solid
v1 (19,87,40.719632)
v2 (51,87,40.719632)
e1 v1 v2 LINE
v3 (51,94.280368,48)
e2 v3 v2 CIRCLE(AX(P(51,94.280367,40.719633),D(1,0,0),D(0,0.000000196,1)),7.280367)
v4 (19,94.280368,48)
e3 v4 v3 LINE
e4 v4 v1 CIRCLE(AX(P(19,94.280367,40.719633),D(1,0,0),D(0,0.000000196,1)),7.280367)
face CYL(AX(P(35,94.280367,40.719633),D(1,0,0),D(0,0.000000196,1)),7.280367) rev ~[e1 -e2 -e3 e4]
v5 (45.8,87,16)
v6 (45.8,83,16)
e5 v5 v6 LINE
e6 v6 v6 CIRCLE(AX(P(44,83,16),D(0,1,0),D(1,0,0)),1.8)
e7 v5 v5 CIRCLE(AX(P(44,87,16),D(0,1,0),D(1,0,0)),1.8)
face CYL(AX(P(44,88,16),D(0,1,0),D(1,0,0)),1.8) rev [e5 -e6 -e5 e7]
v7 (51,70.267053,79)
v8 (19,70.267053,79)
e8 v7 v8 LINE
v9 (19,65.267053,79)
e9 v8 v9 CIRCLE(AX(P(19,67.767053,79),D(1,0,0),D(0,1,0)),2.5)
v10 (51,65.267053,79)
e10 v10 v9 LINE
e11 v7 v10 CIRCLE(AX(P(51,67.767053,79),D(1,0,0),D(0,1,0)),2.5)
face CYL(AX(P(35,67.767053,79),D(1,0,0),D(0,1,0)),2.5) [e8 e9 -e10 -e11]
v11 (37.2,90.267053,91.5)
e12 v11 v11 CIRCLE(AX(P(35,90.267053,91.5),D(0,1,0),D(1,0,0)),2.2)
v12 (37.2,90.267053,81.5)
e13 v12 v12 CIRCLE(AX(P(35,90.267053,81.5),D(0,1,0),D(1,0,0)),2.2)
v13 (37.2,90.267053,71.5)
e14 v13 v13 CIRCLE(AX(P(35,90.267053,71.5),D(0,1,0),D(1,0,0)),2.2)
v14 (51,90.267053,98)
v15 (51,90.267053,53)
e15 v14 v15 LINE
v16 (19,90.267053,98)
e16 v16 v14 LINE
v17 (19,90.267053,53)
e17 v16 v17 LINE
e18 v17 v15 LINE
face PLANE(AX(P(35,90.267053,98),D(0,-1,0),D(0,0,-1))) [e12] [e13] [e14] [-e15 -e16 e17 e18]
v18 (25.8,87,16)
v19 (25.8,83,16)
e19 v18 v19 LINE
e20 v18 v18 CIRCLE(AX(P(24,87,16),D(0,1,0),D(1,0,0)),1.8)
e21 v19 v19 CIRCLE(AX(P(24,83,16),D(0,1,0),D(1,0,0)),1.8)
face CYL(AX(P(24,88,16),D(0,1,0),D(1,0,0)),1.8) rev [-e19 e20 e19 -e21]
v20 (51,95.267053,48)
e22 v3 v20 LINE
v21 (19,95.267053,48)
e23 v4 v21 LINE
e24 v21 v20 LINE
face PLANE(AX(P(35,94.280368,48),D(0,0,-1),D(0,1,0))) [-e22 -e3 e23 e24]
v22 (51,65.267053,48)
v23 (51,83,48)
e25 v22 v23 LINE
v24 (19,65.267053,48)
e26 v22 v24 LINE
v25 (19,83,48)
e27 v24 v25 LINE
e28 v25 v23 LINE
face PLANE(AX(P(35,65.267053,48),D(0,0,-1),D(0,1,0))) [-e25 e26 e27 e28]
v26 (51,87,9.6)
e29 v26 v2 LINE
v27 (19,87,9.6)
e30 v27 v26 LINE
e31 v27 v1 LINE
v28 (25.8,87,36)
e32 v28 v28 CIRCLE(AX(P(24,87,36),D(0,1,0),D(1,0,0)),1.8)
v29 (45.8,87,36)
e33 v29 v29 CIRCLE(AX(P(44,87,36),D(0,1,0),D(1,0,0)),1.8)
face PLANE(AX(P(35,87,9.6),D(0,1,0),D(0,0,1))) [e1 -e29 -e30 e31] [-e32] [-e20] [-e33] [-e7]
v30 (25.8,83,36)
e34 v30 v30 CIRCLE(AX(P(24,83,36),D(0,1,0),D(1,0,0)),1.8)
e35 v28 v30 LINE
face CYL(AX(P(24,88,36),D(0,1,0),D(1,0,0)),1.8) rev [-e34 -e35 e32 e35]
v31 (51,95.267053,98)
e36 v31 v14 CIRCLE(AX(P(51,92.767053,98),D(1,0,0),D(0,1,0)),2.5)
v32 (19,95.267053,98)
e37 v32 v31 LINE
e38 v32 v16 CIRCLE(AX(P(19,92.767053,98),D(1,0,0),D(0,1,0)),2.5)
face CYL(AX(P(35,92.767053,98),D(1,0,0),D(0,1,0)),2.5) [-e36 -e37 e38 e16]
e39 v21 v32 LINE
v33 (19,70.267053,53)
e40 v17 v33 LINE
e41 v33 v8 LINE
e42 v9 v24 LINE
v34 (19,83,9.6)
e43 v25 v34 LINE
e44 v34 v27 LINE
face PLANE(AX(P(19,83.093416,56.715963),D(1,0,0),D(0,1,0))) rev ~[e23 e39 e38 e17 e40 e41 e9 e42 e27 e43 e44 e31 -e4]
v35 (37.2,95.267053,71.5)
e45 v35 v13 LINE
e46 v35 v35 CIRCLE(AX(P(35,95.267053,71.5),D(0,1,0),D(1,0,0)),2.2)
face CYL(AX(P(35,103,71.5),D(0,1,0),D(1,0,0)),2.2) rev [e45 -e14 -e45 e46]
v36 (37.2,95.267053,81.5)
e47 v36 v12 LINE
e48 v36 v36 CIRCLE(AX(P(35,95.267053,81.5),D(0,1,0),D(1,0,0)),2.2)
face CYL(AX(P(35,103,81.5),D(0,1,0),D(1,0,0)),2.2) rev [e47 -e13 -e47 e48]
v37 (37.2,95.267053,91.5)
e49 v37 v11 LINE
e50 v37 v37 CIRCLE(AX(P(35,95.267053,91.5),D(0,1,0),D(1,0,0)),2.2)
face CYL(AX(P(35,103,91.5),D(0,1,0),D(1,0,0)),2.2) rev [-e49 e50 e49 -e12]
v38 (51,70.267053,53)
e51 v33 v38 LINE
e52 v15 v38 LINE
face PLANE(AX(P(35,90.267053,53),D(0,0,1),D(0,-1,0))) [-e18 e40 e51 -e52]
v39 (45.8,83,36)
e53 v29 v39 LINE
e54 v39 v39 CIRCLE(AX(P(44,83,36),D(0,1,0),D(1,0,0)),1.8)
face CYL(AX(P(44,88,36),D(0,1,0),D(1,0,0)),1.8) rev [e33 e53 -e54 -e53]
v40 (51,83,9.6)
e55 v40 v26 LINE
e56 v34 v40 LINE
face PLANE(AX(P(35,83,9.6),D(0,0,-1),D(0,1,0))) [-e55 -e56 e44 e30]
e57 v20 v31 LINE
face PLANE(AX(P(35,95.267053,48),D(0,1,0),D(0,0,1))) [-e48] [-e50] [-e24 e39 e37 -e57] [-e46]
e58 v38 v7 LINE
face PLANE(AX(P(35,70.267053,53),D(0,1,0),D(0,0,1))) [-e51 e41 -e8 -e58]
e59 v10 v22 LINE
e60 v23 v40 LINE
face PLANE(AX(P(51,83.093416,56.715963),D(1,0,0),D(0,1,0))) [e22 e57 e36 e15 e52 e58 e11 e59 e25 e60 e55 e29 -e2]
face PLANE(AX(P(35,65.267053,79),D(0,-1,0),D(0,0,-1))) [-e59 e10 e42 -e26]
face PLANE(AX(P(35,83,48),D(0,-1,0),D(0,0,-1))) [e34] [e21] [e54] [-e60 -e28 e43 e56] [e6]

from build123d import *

# Parameters (mm, degrees)
CYLINDER009_R            = 2.2
CYLINDER009_DEPTH        = 20
ARRAY006_Z_COUNT         = 3
ARRAY006_Z_PITCH         = 10
CYLINDER008_R            = 1.8
CYLINDER008_DEPTH        = 10
ARRAY005_X_COUNT         = 2
ARRAY005_X_PITCH         = 20
ARRAY005_Y_COUNT         = 2
ARRAY005_Y_PITCH         = 20
ARRAY005_PLACEMENT_ANGLE = 90
PAD002_DEPTH             = 16


with BuildPart() as holder_insert_hole_array:
    # Cylinder009 → Cylinder009 (new body)
    with BuildSketch(Plane.XZ):
        Circle(CYLINDER009_R)
    extrude(amount=CYLINDER009_DEPTH)

    # Array006 Z: holder insert hole array ×3


with BuildPart() as holder_insert_hole_array_1:
    add(holder_insert_hole_array.part)
    with Locations(*[(0, 0, i * ARRAY006_Z_PITCH) for i in range(1, ARRAY006_Z_COUNT)]):
        add(holder_insert_hole_array.part)


with BuildPart() as holder_insert_hole_array_2:
    # Array006 placement: moved
    add(holder_insert_hole_array_1.part.moved(Location((35, 103, 71.5))))


with BuildPart() as holder_hole_fusion:
    # Cylinder008 → Cylinder008 (new body)
    with BuildSketch(Plane.XY):
        Circle(CYLINDER008_R)
    extrude(amount=CYLINDER008_DEPTH)

    # Array005 X: holder hole fusion ×2


with BuildPart() as holder_hole_fusion_1:
    add(holder_hole_fusion.part)
    with Locations(*[(i * ARRAY005_X_PITCH, 0, 0) for i in range(1, ARRAY005_X_COUNT)]):
        add(holder_hole_fusion.part)

    # Array005 Y: holder hole fusion ×2


with BuildPart() as holder_hole_fusion_2:
    add(holder_hole_fusion_1.part)
    with Locations(*[(0, i * ARRAY005_Y_PITCH, 0) for i in range(1, ARRAY005_Y_COUNT)]):
        add(holder_hole_fusion_1.part)


with BuildPart() as holder_hole_fusion_3:
    # Array005 placement: moved
    add(holder_hole_fusion_2.part.moved(Location((24, 88, 16))).rotate(Axis((24, 88, 16), (1, 0, 0)), ARRAY005_PLACEMENT_ANGLE))

    # Fusion008: union holder insert hole array
    add(holder_insert_hole_array_2.part)


with BuildPart() as holder_cut:
    # Sketch002 → Pad002 (new body, symmetric)
    with BuildSketch(Plane.YZ):
        with BuildLine():
            Line((65.267053, 48), (83, 48))
            Line((83, 48), (83, 9.6))
            Line((83, 9.6), (87, 9.6))
            Line((87, 9.6), (87, 40.719632))
            ThreePointArc((94.280368, 48), (89.13237, 45.86763), (87, 40.719632))
            Line((94.280368, 48), (95.267053, 48))
            Line((95.267053, 48), (95.267053, 98))
            ThreePointArc((95.267053, 98), (92.767053, 100.5), (90.267053, 98))
            Line((90.267053, 98), (90.267053, 53))
            Line((90.267053, 53), (70.267053, 53))
            Line((70.267053, 53), (70.267053, 79))
            ThreePointArc((70.267053, 79), (67.767053, 81.5), (65.267053, 79))
            Line((65.267053, 79), (65.267053, 48))
        make_face()
    extrude(amount=PAD002_DEPTH, both=True)


with BuildPart() as holder_cut_1:
    # Body002 placement: moved
    add(holder_cut.part.moved(Location((35, 0, 0))))

    # Cut001006: cut holder hole fusion
    add(holder_hole_fusion_3.part, mode=Mode.SUBTRACT)


solid = holder_cut_1.part
